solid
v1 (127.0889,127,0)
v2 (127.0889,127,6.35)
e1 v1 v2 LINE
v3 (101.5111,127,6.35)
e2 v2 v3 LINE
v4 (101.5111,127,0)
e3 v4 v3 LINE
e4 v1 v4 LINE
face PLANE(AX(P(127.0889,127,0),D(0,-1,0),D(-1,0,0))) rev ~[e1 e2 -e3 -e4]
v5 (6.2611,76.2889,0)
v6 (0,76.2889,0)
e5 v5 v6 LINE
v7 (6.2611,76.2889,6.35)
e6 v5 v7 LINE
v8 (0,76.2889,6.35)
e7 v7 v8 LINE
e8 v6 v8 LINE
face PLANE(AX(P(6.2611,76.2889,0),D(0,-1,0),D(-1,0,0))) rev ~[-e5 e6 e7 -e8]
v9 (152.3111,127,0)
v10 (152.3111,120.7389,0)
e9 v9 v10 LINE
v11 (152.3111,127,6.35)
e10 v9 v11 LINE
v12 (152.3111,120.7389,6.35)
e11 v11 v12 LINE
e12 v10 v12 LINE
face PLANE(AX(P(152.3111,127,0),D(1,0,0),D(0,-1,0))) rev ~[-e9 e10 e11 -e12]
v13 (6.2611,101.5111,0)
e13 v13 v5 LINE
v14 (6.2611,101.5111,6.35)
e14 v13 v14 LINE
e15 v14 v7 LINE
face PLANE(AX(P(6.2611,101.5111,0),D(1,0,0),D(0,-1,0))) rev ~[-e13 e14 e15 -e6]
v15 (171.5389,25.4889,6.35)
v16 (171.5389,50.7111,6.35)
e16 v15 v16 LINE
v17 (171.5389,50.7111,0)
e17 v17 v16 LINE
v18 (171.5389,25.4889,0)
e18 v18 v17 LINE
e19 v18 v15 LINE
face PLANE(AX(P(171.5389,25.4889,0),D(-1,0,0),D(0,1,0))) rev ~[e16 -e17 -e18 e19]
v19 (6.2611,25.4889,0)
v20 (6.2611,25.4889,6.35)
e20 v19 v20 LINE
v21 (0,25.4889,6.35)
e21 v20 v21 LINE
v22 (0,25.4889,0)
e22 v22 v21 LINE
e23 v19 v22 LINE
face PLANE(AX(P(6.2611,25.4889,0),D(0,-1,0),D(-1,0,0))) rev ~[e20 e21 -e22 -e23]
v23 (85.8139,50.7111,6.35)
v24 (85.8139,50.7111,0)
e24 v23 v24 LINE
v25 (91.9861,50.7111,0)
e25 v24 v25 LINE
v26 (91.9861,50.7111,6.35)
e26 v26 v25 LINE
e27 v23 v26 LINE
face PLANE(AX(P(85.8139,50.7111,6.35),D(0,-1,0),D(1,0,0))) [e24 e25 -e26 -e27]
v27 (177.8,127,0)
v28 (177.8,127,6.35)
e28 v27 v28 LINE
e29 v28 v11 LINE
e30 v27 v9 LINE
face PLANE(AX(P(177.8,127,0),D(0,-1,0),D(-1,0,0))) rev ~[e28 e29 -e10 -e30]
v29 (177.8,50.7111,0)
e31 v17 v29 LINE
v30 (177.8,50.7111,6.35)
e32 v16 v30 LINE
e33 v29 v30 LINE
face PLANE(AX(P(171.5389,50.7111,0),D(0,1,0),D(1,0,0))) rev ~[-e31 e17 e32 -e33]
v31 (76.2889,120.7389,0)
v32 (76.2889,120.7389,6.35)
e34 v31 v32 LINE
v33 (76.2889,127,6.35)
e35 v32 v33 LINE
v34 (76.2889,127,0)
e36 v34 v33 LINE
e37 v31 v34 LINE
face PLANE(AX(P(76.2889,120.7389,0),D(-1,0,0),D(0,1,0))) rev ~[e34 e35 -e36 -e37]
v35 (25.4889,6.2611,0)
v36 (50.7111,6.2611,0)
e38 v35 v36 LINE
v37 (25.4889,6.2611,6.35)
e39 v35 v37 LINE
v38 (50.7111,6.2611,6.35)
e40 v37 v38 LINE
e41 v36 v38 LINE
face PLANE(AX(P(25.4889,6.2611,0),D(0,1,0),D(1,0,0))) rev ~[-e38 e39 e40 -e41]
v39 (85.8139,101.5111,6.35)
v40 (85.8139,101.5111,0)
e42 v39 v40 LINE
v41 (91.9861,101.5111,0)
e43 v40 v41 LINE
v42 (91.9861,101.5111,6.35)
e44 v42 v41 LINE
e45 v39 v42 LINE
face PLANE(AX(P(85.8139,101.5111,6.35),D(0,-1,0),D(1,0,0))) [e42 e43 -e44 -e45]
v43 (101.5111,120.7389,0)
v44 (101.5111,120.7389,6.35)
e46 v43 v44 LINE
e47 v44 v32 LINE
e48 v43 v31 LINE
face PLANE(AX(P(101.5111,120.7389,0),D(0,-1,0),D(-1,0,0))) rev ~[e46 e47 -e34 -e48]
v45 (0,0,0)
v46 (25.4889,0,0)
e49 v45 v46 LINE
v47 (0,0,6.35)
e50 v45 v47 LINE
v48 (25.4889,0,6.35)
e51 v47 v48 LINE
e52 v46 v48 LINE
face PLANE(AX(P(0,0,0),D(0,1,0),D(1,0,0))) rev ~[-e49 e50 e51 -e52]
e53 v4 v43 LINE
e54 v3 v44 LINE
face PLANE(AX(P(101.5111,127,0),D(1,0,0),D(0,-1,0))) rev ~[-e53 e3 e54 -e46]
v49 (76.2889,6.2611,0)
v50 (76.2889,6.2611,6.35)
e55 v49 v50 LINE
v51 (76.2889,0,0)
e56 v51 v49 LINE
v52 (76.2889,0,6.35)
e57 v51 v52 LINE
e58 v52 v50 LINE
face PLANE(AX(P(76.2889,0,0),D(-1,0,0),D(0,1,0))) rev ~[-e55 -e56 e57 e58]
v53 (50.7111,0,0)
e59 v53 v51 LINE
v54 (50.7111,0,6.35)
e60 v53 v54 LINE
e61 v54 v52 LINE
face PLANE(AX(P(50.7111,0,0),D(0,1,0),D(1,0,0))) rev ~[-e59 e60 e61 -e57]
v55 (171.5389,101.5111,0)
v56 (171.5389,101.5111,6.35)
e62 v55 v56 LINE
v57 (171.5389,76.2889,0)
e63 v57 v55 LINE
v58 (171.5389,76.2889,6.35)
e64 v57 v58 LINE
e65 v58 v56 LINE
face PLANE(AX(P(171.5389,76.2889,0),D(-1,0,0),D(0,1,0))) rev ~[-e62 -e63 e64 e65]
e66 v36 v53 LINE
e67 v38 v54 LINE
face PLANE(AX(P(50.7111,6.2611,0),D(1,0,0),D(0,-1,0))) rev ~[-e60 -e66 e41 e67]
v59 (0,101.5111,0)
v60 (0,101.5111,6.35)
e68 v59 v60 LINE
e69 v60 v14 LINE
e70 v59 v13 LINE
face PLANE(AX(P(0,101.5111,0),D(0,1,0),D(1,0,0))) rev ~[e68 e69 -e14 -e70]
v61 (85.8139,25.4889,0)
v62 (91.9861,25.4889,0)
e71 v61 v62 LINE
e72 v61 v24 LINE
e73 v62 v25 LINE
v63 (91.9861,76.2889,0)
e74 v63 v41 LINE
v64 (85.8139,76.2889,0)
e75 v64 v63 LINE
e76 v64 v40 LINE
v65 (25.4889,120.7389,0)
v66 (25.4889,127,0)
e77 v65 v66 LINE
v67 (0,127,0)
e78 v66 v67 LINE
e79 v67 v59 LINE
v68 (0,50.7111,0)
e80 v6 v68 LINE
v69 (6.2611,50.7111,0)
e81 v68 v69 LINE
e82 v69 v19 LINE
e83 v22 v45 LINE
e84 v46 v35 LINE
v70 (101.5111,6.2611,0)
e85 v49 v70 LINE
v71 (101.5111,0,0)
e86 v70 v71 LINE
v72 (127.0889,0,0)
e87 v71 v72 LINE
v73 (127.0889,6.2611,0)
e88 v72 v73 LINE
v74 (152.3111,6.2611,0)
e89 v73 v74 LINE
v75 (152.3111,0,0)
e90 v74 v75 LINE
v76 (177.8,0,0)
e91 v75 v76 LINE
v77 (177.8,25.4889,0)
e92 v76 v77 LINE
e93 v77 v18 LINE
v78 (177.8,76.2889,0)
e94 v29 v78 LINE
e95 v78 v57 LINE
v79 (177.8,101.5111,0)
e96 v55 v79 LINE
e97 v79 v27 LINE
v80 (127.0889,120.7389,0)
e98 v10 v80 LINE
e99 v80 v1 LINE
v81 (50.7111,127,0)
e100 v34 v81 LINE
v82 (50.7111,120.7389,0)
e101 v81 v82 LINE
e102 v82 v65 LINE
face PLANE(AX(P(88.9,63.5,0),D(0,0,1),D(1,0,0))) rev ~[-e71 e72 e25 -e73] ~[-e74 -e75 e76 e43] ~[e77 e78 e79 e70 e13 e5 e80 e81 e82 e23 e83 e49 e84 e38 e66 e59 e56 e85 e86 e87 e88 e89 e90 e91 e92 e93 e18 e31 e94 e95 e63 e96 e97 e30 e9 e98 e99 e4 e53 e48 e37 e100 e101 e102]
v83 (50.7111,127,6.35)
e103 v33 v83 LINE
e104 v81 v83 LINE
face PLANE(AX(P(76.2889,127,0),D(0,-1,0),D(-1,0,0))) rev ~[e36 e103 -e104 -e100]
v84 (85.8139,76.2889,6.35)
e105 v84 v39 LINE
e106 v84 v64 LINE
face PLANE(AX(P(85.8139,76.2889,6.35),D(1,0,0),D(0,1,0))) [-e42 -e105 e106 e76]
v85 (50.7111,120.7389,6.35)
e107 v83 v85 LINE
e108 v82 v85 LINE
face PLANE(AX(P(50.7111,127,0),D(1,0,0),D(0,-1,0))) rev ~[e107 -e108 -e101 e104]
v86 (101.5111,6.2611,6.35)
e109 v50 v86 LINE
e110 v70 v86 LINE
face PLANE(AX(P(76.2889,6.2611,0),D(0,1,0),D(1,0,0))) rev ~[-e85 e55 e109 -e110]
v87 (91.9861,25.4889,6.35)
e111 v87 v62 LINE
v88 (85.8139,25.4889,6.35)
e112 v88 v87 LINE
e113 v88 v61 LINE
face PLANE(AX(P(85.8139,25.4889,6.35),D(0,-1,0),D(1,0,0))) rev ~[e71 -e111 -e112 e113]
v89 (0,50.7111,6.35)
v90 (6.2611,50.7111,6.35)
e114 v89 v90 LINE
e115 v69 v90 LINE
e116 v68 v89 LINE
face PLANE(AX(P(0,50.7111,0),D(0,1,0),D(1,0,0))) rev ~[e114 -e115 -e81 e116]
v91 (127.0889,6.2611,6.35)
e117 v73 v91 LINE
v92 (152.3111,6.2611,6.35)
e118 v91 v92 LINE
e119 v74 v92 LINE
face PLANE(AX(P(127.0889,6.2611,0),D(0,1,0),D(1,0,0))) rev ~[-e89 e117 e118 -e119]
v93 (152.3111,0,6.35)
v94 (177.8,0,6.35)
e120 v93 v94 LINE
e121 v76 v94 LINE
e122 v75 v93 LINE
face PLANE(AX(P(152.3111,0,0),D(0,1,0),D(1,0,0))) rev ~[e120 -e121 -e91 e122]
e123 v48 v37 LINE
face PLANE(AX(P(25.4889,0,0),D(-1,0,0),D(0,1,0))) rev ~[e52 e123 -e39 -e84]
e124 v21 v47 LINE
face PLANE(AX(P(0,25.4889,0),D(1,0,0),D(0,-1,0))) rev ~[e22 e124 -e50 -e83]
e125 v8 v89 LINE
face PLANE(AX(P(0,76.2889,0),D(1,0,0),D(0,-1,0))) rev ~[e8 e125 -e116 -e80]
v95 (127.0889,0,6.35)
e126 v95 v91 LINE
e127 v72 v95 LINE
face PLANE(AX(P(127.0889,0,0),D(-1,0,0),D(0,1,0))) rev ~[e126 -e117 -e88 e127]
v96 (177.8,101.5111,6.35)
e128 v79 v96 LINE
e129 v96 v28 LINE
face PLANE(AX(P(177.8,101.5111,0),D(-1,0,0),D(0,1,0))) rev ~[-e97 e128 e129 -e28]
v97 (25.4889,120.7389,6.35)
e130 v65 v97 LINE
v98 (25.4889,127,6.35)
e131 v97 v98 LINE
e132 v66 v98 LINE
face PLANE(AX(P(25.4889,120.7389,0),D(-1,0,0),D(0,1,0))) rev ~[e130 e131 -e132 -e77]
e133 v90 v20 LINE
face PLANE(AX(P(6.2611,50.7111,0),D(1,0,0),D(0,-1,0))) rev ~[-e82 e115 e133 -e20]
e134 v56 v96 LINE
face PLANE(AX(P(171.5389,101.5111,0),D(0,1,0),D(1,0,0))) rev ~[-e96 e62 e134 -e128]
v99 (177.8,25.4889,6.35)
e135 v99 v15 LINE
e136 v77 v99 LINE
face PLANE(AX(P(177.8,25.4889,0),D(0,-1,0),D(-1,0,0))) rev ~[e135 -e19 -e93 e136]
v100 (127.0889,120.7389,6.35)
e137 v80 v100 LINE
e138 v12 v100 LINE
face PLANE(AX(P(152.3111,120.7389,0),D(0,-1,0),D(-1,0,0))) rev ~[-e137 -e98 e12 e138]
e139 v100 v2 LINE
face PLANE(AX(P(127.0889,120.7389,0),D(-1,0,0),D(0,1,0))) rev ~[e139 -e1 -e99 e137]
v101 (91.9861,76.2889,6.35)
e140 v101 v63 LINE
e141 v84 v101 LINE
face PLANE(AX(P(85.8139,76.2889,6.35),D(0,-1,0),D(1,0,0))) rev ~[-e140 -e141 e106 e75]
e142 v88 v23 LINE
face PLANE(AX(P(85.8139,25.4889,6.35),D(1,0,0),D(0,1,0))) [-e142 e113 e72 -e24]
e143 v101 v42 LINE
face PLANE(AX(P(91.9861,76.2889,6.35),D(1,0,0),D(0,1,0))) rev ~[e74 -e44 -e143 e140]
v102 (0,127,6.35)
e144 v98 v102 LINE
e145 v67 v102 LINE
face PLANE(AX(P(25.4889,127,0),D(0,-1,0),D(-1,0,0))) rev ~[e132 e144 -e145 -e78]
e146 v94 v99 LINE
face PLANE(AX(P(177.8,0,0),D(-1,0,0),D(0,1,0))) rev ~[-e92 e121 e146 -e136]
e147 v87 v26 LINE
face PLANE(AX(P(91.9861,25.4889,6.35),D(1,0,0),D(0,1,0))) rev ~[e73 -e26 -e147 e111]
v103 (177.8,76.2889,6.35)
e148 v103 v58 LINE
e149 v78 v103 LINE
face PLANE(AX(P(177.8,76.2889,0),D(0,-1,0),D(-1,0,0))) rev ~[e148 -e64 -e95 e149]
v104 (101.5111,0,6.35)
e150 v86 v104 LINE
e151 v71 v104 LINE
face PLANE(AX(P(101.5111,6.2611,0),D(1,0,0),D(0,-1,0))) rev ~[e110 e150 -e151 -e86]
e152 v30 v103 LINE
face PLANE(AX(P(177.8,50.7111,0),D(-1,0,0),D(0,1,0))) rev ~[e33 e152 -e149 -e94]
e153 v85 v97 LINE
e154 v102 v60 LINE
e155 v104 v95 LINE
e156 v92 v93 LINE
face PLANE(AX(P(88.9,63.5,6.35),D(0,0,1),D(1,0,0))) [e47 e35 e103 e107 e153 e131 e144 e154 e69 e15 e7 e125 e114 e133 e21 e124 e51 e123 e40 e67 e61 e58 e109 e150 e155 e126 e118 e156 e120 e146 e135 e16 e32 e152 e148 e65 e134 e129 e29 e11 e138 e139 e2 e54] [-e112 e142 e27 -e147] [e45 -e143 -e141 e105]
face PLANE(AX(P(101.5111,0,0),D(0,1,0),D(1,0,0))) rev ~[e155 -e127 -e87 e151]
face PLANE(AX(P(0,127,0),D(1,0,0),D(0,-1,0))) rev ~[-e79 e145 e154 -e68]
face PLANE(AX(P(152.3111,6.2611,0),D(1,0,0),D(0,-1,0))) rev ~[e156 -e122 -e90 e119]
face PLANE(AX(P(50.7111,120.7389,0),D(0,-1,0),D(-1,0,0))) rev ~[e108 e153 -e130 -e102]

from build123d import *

# Parameters (mm, degrees)
F1_DEPTH = 6.35
F2_W     = 6.1722
F2_H     = 25.2222
F3_DEPTH = 6.351


with BuildPart() as f1:
    # F0 (on Top) → F1 (new body)
    with BuildSketch(Plane.XY):
        Polygon((0, 25.4889), (0, 0), (25.4889, 0), (25.4889, 6.2611), (50.7111, 6.2611), (50.7111, 0), (76.2889, 0), (76.2889, 6.2611), (101.5111, 6.2611), (101.5111, 0), (127.0889, 0), (127.0889, 6.2611), (152.3111, 6.2611), (152.3111, 0), (177.8, 0), (177.8, 25.4889), (171.5389, 25.4889), (171.5389, 50.7111), (177.8, 50.7111), (177.8, 76.2889), (171.5389, 76.2889), (171.5389, 101.5111), (177.8, 101.5111), (177.8, 127), (152.3111, 127), (152.3111, 120.7389), (127.0889, 120.7389), (127.0889, 127), (101.5111, 127), (101.5111, 120.7389), (76.2889, 120.7389), (76.2889, 127), (50.7111, 127), (50.7111, 120.7389), (25.4889, 120.7389), (25.4889, 127), (0, 127), (0, 101.5111), (6.2611, 101.5111), (6.2611, 76.2889), (0, 76.2889), (0, 50.7111), (6.2611, 50.7111), (6.2611, 25.4889), align=None)
    extrude(amount=F1_DEPTH)

    # F2 (on face) → F3 (cut, through all)
    with BuildSketch(Plane.XY.offset(6.35)):
        with Locations((88.9, 88.9)):
            Rectangle(F2_W, F2_H)
        with Locations((88.9, 38.1)):
            Rectangle(F2_W, F2_H)
    extrude(amount=-F3_DEPTH, mode=Mode.SUBTRACT)


solid = f1.part
